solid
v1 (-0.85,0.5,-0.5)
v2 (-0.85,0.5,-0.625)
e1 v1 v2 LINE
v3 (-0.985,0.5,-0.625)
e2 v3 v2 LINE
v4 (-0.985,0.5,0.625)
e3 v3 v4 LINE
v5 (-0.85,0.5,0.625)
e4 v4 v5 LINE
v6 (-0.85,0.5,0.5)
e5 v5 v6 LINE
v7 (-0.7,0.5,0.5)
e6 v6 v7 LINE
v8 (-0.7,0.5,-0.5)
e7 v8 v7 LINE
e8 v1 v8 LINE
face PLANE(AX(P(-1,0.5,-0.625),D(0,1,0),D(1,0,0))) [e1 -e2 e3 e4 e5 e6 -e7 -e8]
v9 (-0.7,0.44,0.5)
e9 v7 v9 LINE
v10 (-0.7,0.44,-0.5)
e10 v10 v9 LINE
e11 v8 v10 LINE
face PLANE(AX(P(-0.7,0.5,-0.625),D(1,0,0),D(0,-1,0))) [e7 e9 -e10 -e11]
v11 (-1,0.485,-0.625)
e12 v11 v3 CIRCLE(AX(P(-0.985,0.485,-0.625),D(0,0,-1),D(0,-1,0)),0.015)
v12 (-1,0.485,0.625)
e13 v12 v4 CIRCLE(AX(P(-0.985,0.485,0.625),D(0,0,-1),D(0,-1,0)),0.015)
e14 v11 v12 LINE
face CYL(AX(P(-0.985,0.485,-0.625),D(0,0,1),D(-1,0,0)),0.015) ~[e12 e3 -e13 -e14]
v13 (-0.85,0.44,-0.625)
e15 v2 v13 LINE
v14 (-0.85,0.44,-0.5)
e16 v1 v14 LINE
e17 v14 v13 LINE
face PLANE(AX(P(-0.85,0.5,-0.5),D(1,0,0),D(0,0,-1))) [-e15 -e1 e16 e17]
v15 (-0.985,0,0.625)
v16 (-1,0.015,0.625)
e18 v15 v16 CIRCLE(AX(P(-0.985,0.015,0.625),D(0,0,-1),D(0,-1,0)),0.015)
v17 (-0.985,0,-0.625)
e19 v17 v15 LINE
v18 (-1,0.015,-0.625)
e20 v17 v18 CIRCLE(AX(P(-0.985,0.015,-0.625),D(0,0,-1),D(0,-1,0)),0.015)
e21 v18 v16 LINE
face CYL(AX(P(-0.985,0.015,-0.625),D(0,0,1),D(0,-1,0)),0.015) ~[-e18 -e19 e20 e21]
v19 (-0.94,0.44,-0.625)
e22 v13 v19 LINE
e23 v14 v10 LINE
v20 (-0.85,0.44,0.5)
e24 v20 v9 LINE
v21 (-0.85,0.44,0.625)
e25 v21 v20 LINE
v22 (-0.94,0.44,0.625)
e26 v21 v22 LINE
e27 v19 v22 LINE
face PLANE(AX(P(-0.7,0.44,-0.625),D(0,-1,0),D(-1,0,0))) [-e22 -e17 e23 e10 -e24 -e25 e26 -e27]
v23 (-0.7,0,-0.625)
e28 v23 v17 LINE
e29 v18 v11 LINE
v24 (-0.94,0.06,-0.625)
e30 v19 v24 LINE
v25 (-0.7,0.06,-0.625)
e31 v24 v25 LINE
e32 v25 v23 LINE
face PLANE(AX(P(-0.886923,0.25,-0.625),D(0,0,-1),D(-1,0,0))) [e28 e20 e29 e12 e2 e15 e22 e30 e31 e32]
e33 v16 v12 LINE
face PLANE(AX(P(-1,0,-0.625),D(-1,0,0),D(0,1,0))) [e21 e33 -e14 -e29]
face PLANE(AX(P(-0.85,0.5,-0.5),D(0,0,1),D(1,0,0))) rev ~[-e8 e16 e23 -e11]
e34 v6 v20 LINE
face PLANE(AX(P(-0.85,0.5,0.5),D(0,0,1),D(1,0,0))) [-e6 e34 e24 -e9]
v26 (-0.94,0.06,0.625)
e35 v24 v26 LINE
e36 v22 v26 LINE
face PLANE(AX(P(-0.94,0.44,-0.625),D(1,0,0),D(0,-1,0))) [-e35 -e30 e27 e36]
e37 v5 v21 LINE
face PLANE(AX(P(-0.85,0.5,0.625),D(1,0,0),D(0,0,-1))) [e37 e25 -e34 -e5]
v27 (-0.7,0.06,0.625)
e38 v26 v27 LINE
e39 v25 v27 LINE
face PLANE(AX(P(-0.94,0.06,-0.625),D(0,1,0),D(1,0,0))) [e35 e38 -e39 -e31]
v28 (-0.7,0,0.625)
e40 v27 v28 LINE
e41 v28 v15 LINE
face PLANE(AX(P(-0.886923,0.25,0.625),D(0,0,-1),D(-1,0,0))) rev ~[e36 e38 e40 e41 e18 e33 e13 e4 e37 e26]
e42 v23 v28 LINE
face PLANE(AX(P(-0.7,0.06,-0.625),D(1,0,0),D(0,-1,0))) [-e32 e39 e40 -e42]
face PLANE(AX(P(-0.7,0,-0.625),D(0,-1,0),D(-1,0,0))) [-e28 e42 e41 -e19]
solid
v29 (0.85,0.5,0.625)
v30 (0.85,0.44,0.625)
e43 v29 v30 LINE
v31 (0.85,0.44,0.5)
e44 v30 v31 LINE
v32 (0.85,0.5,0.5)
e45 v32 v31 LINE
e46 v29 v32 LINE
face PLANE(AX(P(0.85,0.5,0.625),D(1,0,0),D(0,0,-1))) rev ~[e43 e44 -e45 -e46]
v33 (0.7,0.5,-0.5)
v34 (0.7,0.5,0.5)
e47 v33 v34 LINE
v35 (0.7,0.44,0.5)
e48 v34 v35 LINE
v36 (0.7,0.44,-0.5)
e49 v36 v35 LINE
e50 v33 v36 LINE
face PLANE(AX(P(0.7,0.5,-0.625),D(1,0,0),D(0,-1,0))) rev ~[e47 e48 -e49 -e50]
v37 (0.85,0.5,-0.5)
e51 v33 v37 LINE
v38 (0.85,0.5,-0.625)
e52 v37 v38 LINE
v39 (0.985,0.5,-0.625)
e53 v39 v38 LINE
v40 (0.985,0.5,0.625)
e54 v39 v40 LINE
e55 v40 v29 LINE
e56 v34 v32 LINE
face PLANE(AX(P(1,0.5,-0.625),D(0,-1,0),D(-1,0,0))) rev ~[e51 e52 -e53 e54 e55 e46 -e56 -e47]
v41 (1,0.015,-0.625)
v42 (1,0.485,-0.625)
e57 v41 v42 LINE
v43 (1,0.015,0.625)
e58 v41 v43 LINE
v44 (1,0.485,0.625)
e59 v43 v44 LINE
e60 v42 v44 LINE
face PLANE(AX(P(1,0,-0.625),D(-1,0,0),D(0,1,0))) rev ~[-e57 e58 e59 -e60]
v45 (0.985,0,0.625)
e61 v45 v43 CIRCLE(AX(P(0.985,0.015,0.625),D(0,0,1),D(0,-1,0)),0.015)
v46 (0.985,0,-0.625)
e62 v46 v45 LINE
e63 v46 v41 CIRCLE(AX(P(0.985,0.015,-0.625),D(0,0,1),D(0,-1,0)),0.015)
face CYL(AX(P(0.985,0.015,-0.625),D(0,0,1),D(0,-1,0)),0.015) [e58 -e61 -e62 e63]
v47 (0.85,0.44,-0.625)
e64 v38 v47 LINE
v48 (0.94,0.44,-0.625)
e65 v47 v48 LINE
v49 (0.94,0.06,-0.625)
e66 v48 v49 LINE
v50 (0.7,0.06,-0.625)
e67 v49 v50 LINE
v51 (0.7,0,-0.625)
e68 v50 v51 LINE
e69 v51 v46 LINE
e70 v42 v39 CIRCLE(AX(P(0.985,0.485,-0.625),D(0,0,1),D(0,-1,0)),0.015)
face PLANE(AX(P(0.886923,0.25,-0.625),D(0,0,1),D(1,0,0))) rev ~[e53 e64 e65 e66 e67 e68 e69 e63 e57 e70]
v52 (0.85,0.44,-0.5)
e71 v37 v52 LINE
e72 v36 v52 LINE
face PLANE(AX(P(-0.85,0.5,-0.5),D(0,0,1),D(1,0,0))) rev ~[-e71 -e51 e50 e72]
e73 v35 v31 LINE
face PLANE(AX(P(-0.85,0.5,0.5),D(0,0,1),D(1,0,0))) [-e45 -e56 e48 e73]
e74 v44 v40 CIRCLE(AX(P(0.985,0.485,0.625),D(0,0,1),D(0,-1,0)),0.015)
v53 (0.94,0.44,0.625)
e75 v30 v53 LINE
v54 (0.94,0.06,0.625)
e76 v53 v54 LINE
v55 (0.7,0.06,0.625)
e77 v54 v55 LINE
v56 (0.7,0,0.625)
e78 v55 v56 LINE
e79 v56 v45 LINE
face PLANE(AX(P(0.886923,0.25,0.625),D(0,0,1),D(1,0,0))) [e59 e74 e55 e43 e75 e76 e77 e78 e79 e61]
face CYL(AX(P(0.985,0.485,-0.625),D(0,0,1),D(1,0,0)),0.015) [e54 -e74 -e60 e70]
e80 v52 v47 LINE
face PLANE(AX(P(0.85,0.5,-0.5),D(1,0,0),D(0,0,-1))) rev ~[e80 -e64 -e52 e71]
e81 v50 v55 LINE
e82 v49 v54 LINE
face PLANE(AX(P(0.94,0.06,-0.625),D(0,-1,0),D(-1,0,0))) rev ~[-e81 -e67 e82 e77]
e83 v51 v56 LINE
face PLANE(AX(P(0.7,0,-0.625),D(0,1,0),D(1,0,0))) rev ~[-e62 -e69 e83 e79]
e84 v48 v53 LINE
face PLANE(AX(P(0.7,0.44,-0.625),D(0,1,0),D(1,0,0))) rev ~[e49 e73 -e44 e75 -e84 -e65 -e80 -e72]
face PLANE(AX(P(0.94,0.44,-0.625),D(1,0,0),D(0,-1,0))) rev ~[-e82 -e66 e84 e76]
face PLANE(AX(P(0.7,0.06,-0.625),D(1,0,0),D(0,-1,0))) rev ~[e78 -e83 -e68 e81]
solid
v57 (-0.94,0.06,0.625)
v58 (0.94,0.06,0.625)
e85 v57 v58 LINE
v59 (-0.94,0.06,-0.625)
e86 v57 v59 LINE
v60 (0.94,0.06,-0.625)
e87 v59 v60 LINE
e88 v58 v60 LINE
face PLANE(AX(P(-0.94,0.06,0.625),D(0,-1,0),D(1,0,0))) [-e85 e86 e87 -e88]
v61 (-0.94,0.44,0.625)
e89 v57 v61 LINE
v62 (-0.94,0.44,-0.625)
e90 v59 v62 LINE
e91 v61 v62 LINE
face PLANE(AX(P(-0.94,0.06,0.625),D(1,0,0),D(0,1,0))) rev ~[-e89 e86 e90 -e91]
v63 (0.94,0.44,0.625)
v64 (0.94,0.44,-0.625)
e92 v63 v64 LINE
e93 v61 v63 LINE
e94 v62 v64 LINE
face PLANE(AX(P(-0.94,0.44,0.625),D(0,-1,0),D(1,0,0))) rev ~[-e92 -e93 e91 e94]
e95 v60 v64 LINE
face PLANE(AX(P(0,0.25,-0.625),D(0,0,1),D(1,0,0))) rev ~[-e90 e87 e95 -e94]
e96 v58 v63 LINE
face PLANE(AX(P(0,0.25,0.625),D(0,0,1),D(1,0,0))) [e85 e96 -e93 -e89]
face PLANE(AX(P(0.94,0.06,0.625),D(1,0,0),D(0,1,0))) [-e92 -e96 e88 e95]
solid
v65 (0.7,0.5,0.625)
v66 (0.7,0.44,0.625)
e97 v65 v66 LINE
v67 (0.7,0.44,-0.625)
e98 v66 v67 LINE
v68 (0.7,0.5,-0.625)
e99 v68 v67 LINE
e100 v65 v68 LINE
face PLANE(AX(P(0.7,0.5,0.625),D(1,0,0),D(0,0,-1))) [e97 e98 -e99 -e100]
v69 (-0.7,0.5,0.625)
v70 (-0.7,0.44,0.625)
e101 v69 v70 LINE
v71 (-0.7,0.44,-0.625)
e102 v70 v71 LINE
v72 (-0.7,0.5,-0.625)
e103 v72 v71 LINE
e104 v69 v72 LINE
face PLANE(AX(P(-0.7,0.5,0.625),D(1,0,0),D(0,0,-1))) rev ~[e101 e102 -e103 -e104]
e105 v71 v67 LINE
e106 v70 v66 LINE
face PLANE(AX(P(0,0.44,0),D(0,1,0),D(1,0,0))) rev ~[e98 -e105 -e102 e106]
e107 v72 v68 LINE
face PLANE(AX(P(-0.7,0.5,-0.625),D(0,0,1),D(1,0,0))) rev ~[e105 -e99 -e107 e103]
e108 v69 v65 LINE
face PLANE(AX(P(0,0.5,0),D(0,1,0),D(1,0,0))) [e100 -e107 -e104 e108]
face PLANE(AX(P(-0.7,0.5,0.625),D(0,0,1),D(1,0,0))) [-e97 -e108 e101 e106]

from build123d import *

# Parameters (mm, degrees)
BOSS_EXTRUDE1_DEPTH        = 0.625
BOSS_EXTRUDE1_DEPTH_BACK   = 0.625
BOSS_EXTRUDE1_2_DEPTH      = 0.625
BOSS_EXTRUDE1_2_DEPTH_BACK = 0.625
SKETCH3_W                  = 1.7
SKETCH3_H                  = 0.125
CUT_EXTRUDE1_DEPTH         = 0.06
FILLET1_R                  = 0.015
FILLET2_R                  = 0.015
SKETCH4_W                  = 1.88
SKETCH4_H                  = 0.38
BOSS_EXTRUDE2_DEPTH        = 1.25
SKETCH5_W                  = 1.4
SKETCH5_H                  = 1.25
BOSS_EXTRUDE3_DEPTH        = 0.06


with BuildPart() as part:
    # Sketch2 → Boss-Extrude1 (new, two sides: drawn at the far end of the back side and taken through both)
    with BuildSketch(Plane.XY.offset(-BOSS_EXTRUDE1_DEPTH_BACK)):
        Polygon((-0.7, 0), (-1, 0), (-1, 0.5), (-0.7, 0.5), (-0.7, 0.44), (-0.94, 0.44), (-0.94, 0.06), (-0.7, 0.06), align=None)
    extrude(amount=BOSS_EXTRUDE1_DEPTH + BOSS_EXTRUDE1_DEPTH_BACK)


with BuildPart() as body_2:
    # Sketch2 → Boss-Extrude1 2 (new, two sides: drawn at the far end of the back side and taken through both)
    with BuildSketch(Plane.XY.offset(-BOSS_EXTRUDE1_2_DEPTH_BACK)):
        Polygon((0.7, 0.06), (0.7, 0), (1, 0), (1, 0.5), (0.7, 0.5), (0.7, 0.44), (0.94, 0.44), (0.94, 0.06), align=None)
    extrude(amount=BOSS_EXTRUDE1_2_DEPTH + BOSS_EXTRUDE1_2_DEPTH_BACK)


with BuildPart() as cut_extrude1_tool:
    # Sketch3 → Cut-Extrude1 (new body)
    with BuildSketch(Plane(origin=(0, 0.5, 0), x_dir=(1, 0, 0), z_dir=(0, 1, 0))):
        with Locations((0, 0.5625)):
            Rectangle(SKETCH3_W, SKETCH3_H)
        with Locations((0, -0.5625)):
            Rectangle(SKETCH3_W, SKETCH3_H)
    extrude(amount=-CUT_EXTRUDE1_DEPTH)


with BuildPart() as part_1:
    add(part.part)

    # Cut-Extrude1: cut by cut_extrude1_tool
    add(cut_extrude1_tool.part, mode=Mode.SUBTRACT)

    # Fillet1
    fillet1_edges = [part_1.edges().sort_by_distance(p)[0] for p in [
        (-1, 0, 0),
        (-1, 0.5, 0),
    ]]
    fillet(fillet1_edges, radius=FILLET1_R)


with BuildPart() as body_2_1:
    add(body_2.part)

    # Cut-Extrude1: cut by cut_extrude1_tool
    add(cut_extrude1_tool.part, mode=Mode.SUBTRACT)

    # Fillet2
    fillet2_edges = [body_2_1.edges().sort_by_distance(p)[0] for p in [
        (1, 0, 0),
        (1, 0.5, 0),
    ]]
    fillet(fillet2_edges, radius=FILLET2_R)


with BuildPart() as body_3:
    # Sketch4 → Boss-Extrude2 (new body)
    with BuildSketch(Plane.XY.offset(0.625)):
        with Locations((0, 0.25)):
            Rectangle(SKETCH4_W, SKETCH4_H)
    extrude(amount=-BOSS_EXTRUDE2_DEPTH)


with BuildPart() as body_4:
    # Sketch5 → Boss-Extrude3 (new body)
    with BuildSketch(Plane(origin=(0, 0.5, 0), x_dir=(1, 0, 0), z_dir=(0, 1, 0))):
        Rectangle(SKETCH5_W, SKETCH5_H)
    extrude(amount=-BOSS_EXTRUDE3_DEPTH)


solid = Compound([part_1.part, body_2_1.part, body_3.part, body_4.part])
